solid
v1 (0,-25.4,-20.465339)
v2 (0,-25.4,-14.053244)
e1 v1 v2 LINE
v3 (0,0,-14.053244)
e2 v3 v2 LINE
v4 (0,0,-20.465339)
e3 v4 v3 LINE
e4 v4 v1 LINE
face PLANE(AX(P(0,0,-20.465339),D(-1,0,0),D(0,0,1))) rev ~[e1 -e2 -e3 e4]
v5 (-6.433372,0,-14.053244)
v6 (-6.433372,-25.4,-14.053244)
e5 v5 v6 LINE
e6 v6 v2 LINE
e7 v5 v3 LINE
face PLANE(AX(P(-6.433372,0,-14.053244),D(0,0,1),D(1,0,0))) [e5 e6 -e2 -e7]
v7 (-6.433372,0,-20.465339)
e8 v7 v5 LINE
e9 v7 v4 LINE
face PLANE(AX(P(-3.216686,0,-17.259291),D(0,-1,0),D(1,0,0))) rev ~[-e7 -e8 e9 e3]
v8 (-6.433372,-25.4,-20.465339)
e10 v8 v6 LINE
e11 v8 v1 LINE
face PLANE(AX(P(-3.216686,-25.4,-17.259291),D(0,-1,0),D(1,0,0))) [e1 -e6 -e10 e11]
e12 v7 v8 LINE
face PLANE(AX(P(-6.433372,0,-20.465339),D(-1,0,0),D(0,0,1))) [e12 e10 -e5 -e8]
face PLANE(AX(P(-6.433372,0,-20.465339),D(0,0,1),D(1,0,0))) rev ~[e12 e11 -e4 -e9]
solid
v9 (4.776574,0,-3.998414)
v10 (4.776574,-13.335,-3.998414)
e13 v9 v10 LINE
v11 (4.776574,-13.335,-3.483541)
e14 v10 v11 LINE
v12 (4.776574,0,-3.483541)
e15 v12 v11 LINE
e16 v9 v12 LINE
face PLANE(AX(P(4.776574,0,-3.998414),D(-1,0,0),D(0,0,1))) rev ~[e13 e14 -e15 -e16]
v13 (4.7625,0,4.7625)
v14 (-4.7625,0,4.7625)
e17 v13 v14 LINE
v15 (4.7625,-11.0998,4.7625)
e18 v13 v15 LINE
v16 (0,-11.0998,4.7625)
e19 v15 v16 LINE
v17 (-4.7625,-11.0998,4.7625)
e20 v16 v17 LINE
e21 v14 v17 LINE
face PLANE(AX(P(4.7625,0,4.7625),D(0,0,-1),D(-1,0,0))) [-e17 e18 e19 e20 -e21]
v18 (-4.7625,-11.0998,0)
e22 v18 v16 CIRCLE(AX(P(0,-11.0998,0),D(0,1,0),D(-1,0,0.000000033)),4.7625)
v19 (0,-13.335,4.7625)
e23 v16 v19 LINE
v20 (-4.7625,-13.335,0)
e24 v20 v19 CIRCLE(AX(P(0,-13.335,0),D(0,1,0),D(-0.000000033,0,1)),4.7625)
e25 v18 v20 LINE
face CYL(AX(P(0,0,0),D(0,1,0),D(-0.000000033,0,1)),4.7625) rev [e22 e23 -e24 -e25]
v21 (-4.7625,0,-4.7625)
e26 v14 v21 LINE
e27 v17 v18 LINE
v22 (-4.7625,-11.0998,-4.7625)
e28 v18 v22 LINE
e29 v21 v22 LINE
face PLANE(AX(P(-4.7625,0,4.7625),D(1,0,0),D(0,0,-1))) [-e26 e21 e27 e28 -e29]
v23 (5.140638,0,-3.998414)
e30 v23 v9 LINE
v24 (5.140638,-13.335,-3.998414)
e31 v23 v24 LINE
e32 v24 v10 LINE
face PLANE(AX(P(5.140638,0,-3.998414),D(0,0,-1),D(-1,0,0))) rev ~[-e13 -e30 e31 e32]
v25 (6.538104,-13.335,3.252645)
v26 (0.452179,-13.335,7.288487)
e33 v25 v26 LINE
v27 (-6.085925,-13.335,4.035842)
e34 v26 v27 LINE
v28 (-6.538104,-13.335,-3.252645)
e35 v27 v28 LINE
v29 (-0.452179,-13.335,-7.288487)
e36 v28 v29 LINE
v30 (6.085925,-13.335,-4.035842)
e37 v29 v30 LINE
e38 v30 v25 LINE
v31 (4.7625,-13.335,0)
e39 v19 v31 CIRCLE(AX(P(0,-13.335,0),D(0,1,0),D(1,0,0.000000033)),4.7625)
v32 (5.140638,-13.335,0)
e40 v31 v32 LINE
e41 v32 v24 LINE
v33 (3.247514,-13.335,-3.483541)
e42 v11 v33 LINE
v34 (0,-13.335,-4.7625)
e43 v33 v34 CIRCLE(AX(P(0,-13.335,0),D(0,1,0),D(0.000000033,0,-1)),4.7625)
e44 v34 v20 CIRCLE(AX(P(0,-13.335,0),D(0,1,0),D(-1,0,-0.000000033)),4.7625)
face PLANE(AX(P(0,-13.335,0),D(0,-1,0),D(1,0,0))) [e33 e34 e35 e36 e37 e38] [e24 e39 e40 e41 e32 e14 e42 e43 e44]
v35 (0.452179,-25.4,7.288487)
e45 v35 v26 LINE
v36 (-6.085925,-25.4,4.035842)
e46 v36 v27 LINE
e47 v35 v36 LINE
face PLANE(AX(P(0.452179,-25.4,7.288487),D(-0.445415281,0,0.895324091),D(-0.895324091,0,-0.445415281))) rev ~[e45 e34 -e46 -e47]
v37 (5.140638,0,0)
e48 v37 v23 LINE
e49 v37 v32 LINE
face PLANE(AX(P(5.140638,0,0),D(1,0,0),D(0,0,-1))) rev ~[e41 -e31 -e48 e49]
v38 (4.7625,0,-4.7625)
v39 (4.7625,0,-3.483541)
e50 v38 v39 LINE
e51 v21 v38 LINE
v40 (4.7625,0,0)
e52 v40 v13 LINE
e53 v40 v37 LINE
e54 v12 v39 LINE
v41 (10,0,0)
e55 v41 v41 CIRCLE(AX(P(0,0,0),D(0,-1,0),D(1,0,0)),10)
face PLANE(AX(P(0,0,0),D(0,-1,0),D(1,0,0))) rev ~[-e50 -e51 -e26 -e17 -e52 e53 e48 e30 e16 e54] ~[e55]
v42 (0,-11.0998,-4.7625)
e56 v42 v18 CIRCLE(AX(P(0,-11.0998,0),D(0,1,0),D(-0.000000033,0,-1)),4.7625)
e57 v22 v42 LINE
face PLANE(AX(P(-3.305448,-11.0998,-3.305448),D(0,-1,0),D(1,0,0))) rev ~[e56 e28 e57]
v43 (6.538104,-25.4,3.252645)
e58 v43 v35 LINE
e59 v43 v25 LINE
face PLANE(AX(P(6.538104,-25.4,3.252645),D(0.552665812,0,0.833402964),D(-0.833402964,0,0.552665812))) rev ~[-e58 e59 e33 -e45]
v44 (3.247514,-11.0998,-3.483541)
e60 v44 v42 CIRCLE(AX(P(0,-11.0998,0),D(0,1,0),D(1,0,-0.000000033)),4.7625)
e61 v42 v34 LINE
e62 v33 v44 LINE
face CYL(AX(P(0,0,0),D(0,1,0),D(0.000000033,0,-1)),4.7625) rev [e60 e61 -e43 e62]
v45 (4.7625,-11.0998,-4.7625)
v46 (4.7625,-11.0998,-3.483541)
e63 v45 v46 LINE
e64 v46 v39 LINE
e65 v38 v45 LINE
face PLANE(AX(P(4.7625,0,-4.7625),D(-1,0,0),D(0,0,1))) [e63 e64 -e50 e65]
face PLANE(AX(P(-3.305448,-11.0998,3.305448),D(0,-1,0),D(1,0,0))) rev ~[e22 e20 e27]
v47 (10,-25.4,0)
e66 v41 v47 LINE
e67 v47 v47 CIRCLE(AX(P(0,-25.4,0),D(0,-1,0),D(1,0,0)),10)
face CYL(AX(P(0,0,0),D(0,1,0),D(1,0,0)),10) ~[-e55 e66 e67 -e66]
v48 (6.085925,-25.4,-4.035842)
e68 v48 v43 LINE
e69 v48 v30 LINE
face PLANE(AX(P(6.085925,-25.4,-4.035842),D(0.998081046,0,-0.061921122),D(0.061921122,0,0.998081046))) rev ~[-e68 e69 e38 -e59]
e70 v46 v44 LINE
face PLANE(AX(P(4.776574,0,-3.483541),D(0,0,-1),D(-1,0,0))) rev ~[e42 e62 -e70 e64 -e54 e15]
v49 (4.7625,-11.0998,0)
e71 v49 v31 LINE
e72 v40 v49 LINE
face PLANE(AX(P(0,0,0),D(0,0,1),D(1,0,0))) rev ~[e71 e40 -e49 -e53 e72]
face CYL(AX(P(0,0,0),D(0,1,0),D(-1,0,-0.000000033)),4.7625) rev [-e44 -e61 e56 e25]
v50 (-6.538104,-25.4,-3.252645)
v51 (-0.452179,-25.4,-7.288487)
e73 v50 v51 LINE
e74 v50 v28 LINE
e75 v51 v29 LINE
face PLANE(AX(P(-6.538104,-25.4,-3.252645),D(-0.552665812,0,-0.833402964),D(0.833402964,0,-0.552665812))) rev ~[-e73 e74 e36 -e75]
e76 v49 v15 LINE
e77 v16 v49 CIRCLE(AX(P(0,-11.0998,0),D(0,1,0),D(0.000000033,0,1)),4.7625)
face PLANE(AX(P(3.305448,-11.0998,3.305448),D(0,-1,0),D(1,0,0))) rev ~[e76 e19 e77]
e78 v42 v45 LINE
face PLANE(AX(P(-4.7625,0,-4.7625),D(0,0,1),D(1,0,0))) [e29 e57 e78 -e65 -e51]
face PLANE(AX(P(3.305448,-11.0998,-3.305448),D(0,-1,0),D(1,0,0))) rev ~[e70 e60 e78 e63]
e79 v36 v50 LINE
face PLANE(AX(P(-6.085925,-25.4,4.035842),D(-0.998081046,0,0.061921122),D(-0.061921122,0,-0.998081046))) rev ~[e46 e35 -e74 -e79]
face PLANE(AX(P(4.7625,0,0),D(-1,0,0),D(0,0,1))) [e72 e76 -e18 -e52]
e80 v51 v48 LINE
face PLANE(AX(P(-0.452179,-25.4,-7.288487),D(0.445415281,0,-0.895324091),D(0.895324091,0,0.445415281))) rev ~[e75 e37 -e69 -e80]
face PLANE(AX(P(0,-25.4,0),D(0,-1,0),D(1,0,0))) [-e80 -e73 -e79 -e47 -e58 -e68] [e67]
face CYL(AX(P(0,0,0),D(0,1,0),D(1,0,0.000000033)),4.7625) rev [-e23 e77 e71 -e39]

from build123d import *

# Parameters (mm, degrees)
F0_R     = 10
F0_W     = 6.433372
F0_H     = 6.412095
F1_DEPTH = 25.4
F3_DEPTH = 25.401
F4_DEPTH = 11.0998
F6_DEPTH = 12.065


with BuildPart() as f1:
    # F0 (on Front) → F1 (new body)
    with BuildSketch(Plane.XZ):
        Circle(F0_R)
        Polygon((0, -3.483541), (0, 0), (5.140638, 0), (5.140638, -3.483541), (5.140638, -3.998414), (4.776574, -3.998414), (4.776574, -3.483541), align=None, mode=Mode.SUBTRACT)
        with Locations((-3.216686, -17.259291)):
            Rectangle(F0_W, F0_H)
    extrude(amount=F1_DEPTH)

    # F2 (on Front) → F3 (cut, through all)
    with BuildSketch(Plane.XZ):
        with BuildLine():
            ThreePointArc((-4.7625, 0), (-3.367596, -3.367596), (0, -4.7625))
            ThreePointArc((0, -4.7625), (3.367596, -3.367596), (4.7625, 0))
            ThreePointArc((4.7625, 0), (3.367596, 3.367596), (0, 4.7625))
            ThreePointArc((0, 4.7625), (-3.367596, 3.367596), (-4.7625, 0))
        make_face()
    extrude(amount=F3_DEPTH, mode=Mode.SUBTRACT)

    # F2 (on Front) → F4 (cut)
    with BuildSketch(Plane.XZ):
        with BuildLine():
            Line((0, -4.7625), (4.7625, -4.7625))
            Line((4.7625, -4.7625), (4.7625, 0))
            ThreePointArc((4.7625, 0), (3.367596, -3.367596), (0, -4.7625))
        make_face()
        with BuildLine():
            Line((-4.7625, -4.7625), (0, -4.7625))
            ThreePointArc((0, -4.7625), (-3.367596, -3.367596), (-4.7625, 0))
            Line((-4.7625, 0), (-4.7625, -4.7625))
        make_face()
        with BuildLine():
            ThreePointArc((0, 4.7625), (3.367596, 3.367596), (4.7625, 0))
            Line((4.7625, 0), (4.7625, 4.7625))
            Line((4.7625, 4.7625), (0, 4.7625))
        make_face()
        with BuildLine():
            Line((-4.7625, 4.7625), (-4.7625, 0))
            ThreePointArc((-4.7625, 0), (-3.367596, 3.367596), (0, 4.7625))
            Line((0, 4.7625), (-4.7625, 4.7625))
        make_face()
    extrude(amount=F4_DEPTH, mode=Mode.SUBTRACT)

    # F5 (on face) → F6 (cut)
    with BuildSketch(Plane.XZ.offset(25.4)):
        Polygon((6.538104, 3.252645), (0.452179, 7.288487), (-6.085925, 4.035842), (-6.538104, -3.252645), (-0.452179, -7.288487), (6.085925, -4.035842), align=None)
    extrude(amount=-F6_DEPTH, mode=Mode.SUBTRACT)


solid = f1.part
